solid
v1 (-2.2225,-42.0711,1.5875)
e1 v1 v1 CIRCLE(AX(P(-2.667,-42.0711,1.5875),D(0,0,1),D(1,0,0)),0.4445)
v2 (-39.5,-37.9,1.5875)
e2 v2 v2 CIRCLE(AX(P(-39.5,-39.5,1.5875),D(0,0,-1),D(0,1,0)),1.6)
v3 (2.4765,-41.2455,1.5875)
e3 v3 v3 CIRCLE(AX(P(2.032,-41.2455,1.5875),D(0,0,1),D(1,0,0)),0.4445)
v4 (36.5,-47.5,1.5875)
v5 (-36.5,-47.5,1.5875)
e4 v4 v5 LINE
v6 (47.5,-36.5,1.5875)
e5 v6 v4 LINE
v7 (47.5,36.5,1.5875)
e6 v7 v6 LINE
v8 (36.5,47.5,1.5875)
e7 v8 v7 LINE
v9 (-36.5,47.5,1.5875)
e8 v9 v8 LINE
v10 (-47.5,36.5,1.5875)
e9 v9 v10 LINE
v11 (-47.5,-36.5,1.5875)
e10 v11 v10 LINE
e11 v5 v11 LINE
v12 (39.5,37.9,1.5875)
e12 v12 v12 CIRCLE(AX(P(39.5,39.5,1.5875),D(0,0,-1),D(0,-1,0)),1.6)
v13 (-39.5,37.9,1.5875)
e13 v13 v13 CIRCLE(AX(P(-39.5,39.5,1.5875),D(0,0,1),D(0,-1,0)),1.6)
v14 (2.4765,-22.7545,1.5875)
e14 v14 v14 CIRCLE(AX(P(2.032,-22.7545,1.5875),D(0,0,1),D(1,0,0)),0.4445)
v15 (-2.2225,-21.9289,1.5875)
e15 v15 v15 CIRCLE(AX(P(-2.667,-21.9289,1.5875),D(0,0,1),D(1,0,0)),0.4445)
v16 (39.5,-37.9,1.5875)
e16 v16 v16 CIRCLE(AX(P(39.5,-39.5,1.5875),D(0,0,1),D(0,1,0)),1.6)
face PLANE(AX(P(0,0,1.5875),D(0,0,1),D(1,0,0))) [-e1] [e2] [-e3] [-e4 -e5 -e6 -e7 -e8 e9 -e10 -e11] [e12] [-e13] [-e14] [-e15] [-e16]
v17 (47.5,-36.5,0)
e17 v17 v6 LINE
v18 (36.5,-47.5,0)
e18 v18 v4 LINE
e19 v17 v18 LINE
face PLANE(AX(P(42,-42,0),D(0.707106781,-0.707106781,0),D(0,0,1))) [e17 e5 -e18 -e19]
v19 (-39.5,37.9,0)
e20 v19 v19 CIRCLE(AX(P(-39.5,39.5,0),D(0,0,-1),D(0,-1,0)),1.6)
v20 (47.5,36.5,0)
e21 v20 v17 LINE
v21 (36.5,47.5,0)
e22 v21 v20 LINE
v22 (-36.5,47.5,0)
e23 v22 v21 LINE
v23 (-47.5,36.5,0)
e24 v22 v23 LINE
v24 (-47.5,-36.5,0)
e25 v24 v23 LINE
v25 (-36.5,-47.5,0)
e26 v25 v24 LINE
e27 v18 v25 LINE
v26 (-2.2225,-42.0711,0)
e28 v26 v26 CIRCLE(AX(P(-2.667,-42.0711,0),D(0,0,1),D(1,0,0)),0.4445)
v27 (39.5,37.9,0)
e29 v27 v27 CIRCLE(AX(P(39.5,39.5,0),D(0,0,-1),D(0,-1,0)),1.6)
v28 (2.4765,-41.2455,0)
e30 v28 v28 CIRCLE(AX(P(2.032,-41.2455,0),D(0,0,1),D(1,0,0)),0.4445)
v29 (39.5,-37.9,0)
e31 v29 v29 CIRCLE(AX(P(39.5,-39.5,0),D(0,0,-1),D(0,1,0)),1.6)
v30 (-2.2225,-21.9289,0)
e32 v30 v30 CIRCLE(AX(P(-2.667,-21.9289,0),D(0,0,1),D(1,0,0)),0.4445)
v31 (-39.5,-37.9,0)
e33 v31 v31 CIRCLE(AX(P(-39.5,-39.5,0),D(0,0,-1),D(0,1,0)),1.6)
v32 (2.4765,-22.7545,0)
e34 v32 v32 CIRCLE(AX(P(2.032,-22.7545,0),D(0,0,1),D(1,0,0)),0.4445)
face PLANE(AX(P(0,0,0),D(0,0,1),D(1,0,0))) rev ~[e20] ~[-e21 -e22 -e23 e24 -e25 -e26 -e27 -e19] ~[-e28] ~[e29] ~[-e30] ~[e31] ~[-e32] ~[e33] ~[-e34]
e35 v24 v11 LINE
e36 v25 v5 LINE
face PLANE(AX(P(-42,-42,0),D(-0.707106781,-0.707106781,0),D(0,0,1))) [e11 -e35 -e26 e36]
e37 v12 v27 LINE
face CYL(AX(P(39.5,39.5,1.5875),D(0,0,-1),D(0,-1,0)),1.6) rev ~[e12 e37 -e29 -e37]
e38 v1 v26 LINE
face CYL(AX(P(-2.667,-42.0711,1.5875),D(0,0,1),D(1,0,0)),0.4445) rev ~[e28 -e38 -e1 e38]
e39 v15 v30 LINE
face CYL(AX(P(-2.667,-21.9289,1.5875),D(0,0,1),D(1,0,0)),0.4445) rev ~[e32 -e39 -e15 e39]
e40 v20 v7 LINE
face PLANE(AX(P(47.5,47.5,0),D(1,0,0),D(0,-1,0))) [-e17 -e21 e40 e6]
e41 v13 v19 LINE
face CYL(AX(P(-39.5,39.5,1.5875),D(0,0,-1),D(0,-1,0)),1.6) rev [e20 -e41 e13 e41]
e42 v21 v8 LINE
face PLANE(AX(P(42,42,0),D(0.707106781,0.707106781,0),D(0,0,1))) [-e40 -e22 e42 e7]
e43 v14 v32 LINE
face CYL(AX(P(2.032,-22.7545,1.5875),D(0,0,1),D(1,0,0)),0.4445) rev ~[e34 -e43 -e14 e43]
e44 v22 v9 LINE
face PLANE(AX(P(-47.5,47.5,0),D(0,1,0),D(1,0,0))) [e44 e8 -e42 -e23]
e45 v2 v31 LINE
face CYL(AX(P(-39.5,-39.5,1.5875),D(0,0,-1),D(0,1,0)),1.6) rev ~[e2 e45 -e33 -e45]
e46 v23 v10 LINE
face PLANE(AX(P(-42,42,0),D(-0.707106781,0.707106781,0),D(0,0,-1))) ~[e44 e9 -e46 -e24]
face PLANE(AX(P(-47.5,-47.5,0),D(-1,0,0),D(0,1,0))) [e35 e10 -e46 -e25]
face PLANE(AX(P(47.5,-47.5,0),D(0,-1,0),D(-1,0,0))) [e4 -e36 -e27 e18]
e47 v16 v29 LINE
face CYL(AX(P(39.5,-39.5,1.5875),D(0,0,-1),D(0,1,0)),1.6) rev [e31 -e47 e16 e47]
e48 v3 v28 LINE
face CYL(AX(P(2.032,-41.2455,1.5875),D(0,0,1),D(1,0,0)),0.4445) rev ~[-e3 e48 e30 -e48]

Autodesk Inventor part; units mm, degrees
sketch "AL_spacer_contact_Zminus" plane through (0, 0, 0) normal (0, 0, 1) x (1, 0, 0)
  circle A0 centre (39.5, 39.5) radius 3.175
  circle A1 centre (39.5, -39.5) radius 3.175
  circle A2 centre (-39.5, -39.5) radius 3.175
  circle A3 centre (-39.5, 39.5) radius 3.175
  point P0 (0, 0)
  dimension "d228" = 39.5
  dimension "d229" = 39.5
  dimension "d230" = 39.5
  dimension "d231" = 39.5
  dimension "d232" = 39.5
  dimension "d233" = 39.5
  dimension "d234" = 39.5
  dimension "d235" = 39.5
  dimension "d236" = 6.35
sketch "Delrin_stayout_Zminus" plane through (0, 0, 0) normal (0, 0, 1) x (1, 0, 0)
  line L0 (47.5, 39.5) -> (47.5, 31)
  line L1 (47.5, 31) -> (39.5, 31)
  line L2 (39.5, 31) -> (31, 39.5)
  line L3 (31, 39.5) -> (31, 47.5)
  line L4 (31, 47.5) -> (39.5, 47.5)
  line L5 (39.5, 47.5) -> (47.5, 39.5)
  line L6 (-39.5, 47.5) -> (-47.5, 39.5)
  line L7 (-47.5, 39.5) -> (-47.5, 31)
  line L8 (-47.5, 31) -> (-39.5, 31)
  line L9 (-39.5, 31) -> (-31, 39.5)
  line L10 (-31, 39.5) -> (-31, 47.5)
  line L11 (-31, 47.5) -> (-39.5, 47.5)
  line L12 (47.5, -39.5) -> (39.5, -47.5)
  line L13 (39.5, -47.5) -> (31, -47.5)
  line L14 (31, -47.5) -> (31, -39.5)
  line L15 (31, -39.5) -> (39.5, -31)
  line L16 (39.5, -31) -> (47.5, -31)
  line L17 (47.5, -31) -> (47.5, -39.5)
  line L18 (-39.5, -47.5) -> (-47.5, -39.5)
  line L19 (-47.5, -39.5) -> (-47.5, -31)
  line L20 (-47.5, -31) -> (-39.5, -31)
  line L21 (-39.5, -31) -> (-31, -39.5)
  line L22 (-31, -39.5) -> (-31, -47.5)
  line L23 (-31, -47.5) -> (-39.5, -47.5)
  point P0 (0, 0)
  dimension "d243" = 16.5
  dimension "d244" = 8
  dimension "d245" = 8.5
  dimension "d246" = 16.5
  dimension "d247" = 47.5
  dimension "d248" = 47.5
  dimension "d249" = 47.5
  dimension "d250" = 47.5
  dimension "d251" = 47.5
  dimension "d252" = 47.5
  dimension "d253" = 47.5
  dimension "d254" = 47.5
sketch "Nub_stayout_Zminus" plane through (0, 0, 0) normal (0, 0, 1) x (1, 0, 0)
  line L0 (29, 47.5) -> (39.5, 47.5)
  line L1 (39.5, 47.5) -> (47.5, 39.5)
  line L2 (47.5, 39.5) -> (47.5, 29)
  line L3 (47.5, 29) -> (42, 29)
  line L4 (42, 29) -> (42, 40.4125)
  line L5 (40.4125, 42) -> (29, 42)
  line L6 (29, 42) -> (29, 47.5)
  arc A0 (42, 40.4125) -> (40.4125, 42) centre (40.4125, 40.4125) ccw
  line L7 (-29, 47.5) -> (-39.5, 47.5)
  line L8 (-39.5, 47.5) -> (-47.5, 39.5)
  line L9 (-47.5, 39.5) -> (-47.5, 29)
  line L10 (-47.5, 29) -> (-42, 29)
  line L11 (-42, 29) -> (-42, 40.4125)
  line L12 (-40.4125, 42) -> (-29, 42)
  line L13 (-29, 42) -> (-29, 47.5)
  arc A1 (-40.4125, 42) -> (-42, 40.4125) centre (-40.4125, 40.4125) ccw
  line L14 (-47.5, -29) -> (-42, -29)
  line L15 (-42, -29) -> (-42, -40.4125)
  line L16 (-40.4125, -42) -> (-29, -42)
  line L17 (-29, -42) -> (-29, -47.5)
  line L18 (-29, -47.5) -> (-39.5, -47.5)
  line L19 (-39.5, -47.5) -> (-47.5, -39.5)
  line L20 (-47.5, -39.5) -> (-47.5, -29)
  arc A2 (-42, -40.4125) -> (-40.4125, -42) centre (-40.4125, -40.4125) ccw
  line L21 (47.5, -29) -> (42, -29)
  line L22 (42, -29) -> (42, -40.4125)
  line L23 (40.4125, -42) -> (29, -42)
  line L24 (29, -42) -> (29, -47.5)
  line L25 (29, -47.5) -> (39.5, -47.5)
  line L26 (39.5, -47.5) -> (47.5, -39.5)
  line L27 (47.5, -39.5) -> (47.5, -29)
  arc A3 (40.4125, -42) -> (42, -40.4125) centre (40.4125, -40.4125) ccw
  point P0 (0, 0)
  dimension "d255" = 1.5875
  dimension "d256" = 18.5
  dimension "d257" = 8
  dimension "d258" = 5.5
  dimension "d259" = 47.5
  dimension "d260" = 47.5
  dimension "d264" = 1.5875
  dimension "d265" = 47.5
  dimension "d266" = 47.5
  dimension "d267" = 1.5875
  dimension "d268" = 47.5
  dimension "d269" = 47.5
  dimension "d270" = 1.5875
  dimension "d271" = 47.5
  dimension "d272" = 47.5
ref_plane "Zplus_face" through (0, 0, 1.5875) normal (0, 0, 1) x (1, 0, 0)
sketch "AL_spacer_contact_Zplus" plane through (0, 0, 1.5875) normal (0, 0, 1) x (1, 0, 0)
  circle A0 centre (-39.5, 39.5) radius 3.175
  circle A1 centre (-39.5, -39.5) radius 3.175
  circle A2 centre (39.5, -39.5) radius 3.175
  circle A3 centre (39.5, 39.5) radius 3.175
  point P0 (0, 0)
  dimension "d129" = 39.5
  dimension "d130" = 39.5
  dimension "d131" = 39.5
  dimension "d132" = 39.5
  dimension "d133" = 6.35
sketch "Delrin_stayout_Zplus" plane through (0, 0, 1.5875) normal (0, 0, 1) x (1, 0, 0)
  line L0 (47.5, -31) -> (47.5, -39.5)
  line L1 (47.5, -39.5) -> (39.5, -47.5)
  line L2 (39.5, -47.5) -> (31, -47.5)
  line L3 (31, -47.5) -> (31, -39.5)
  line L4 (31, -39.5) -> (39.5, -31)
  line L5 (39.5, -31) -> (47.5, -31)
  line L6 (47.5, 31) -> (47.5, 39.5)
  line L7 (47.5, 39.5) -> (39.5, 47.5)
  line L8 (39.5, 47.5) -> (31, 47.5)
  line L9 (31, 47.5) -> (31, 39.5)
  line L10 (31, 39.5) -> (39.5, 31)
  line L11 (39.5, 31) -> (47.5, 31)
  line L12 (-39.5, 47.5) -> (-47.5, 39.5)
  line L13 (-47.5, 39.5) -> (-47.5, 31)
  line L14 (-47.5, 31) -> (-39.5, 31)
  line L15 (-39.5, 31) -> (-31, 39.5)
  line L16 (-31, 39.5) -> (-31, 47.5)
  line L17 (-31, 47.5) -> (-39.5, 47.5)
  line L18 (-47.5, -39.5) -> (-39.5, -47.5)
  line L19 (-39.5, -47.5) -> (-31, -47.5)
  line L20 (-31, -47.5) -> (-31, -39.5)
  line L21 (-31, -39.5) -> (-39.5, -31)
  line L22 (-39.5, -31) -> (-47.5, -31)
  line L23 (-47.5, -31) -> (-47.5, -39.5)
  point P0 (0, 0)
  dimension "d115" = 16.5
  dimension "d116" = 16.5
  dimension "d117" = 8
  dimension "d118" = 8.5
  dimension "d121" = 47.5
  dimension "d122" = 47.5
  dimension "d123" = 47.5
  dimension "d124" = 47.5
  dimension "d125" = 47.5
  dimension "d126" = 47.5
  dimension "d127" = 47.5
  dimension "d128" = 47.5
sketch "Nub_stayout_Zplus" plane through (0, 0, 1.5875) normal (0, 0, 1) x (1, 0, 0)
  line L0 (47.5, 29) -> (42, 29)
  line L1 (42, 29) -> (42, 40.4125)
  line L2 (40.4125, 42) -> (29, 42)
  line L3 (29, 42) -> (29, 47.5)
  arc A0 (42, 40.4125) -> (40.4125, 42) centre (40.4125, 40.4125) ccw
  line L4 (29, 47.5) -> (39.5, 47.5)
  line L5 (39.5, 47.5) -> (47.5, 39.5)
  line L6 (47.5, 39.5) -> (47.5, 29)
  line L7 (-39.5, 47.5) -> (-29, 47.5)
  line L8 (-29, 47.5) -> (-29, 42)
  line L9 (-29, 42) -> (-40.4125, 42)
  line L10 (-42, 40.4125) -> (-42, 29)
  line L11 (-42, 29) -> (-47.5, 29)
  line L12 (-47.5, 29) -> (-47.5, 39.5)
  line L13 (-47.5, 39.5) -> (-39.5, 47.5)
  arc A1 (-40.4125, 42) -> (-42, 40.4125) centre (-40.4125, 40.4125) ccw
  line L14 (-47.5, -29) -> (-47.5, -39.5)
  line L15 (-47.5, -39.5) -> (-39.5, -47.5)
  line L16 (-39.5, -47.5) -> (-29, -47.5)
  line L17 (-29, -47.5) -> (-29, -42)
  line L18 (-29, -42) -> (-40.4125, -42)
  line L19 (-42, -40.4125) -> (-42, -29)
  line L20 (-42, -29) -> (-47.5, -29)
  arc A2 (-42, -40.4125) -> (-40.4125, -42) centre (-40.4125, -40.4125) ccw
  line L21 (29, -47.5) -> (39.5, -47.5)
  line L22 (39.5, -47.5) -> (47.5, -39.5)
  line L23 (47.5, -39.5) -> (47.5, -29)
  line L24 (47.5, -29) -> (42, -29)
  line L25 (42, -29) -> (42, -40.4125)
  line L26 (40.4125, -42) -> (29, -42)
  line L27 (29, -42) -> (29, -47.5)
  arc A3 (40.4125, -42) -> (42, -40.4125) centre (40.4125, -40.4125) ccw
  point P0 (0, 0)
  dimension "d116" = 16.5
  dimension "d146" = 1.5875
  dimension "d147" = 5.5
  dimension "d149" = 18.5
  dimension "d150" = 8
  dimension "d151" = 47.5
  dimension "d152" = 47.5
  dimension "d153" = 1.5875
  dimension "d154" = 47.5
  dimension "d155" = 47.5
  dimension "d156" = 1.5875
  dimension "d157" = 47.5
  dimension "d158" = 47.5
  dimension "d159" = 1.5875
  dimension "d160" = 47.5
  dimension "d161" = 47.5
sketch "Sketch1" plane through (0, 0, 0) normal (0, 0, 1) x (1, 0, 0)
  line L0 (-47.5, 47.5) -> (47.5, 47.5)
  line L1 (47.5, 47.5) -> (47.5, -47.5)
  line L2 (47.5, -47.5) -> (-47.5, -47.5)
  line L3 (-47.5, -47.5) -> (-47.5, 47.5)
  point P0 (0, 0)
  dimension "d0" = 95
  dimension "d1" = 95
  dimension "d2" = 47.5
  dimension "d3" = 47.5
extrude "Extrusion1" add sketch "Sketch1" along normal blind 1.5875
chamfer "Chamfer2" distance 11 angle 45 4 edges at (-47.5, -47.5, 0.7937) (47.5, -47.5, 0.7937) (47.5, 47.5, 0.7937) (-47.5, 47.5, 0.7937)
ref_plane "Work Plane_ConnX" through (-32, 0, 0) normal (1, 0, 0) x (0, 1, 0)
ref_plane "Work Plane_ConnY" through (0, 0, 0) normal (0, 1, 0) x (-1, 0, 0)
sketch "Sketch9" plane through (0, 0, 1.5875) normal (0, 0, 1) x (1, 0, 0)
  line L0 (47.5, 47.5) -> (47.5, -47.5) projected
  line L1 (58.5598, -32) -> (-58.5598, -32)
  circle A0 centre (-2.667, -21.9289) radius 0.4445
  circle A1 centre (-2.667, -42.0711) radius 0.4445
  line L2 (0, 26.5598) -> (0, -90.5598) construction
  point P0 (0, 0)
  point P1 (0, -32)
  dimension "d134" = 20.1422
  dimension "d136" = 2.667
  dimension "d138" = 0.889
  dimension "d141" = 180
  dimension "d350" = 32
  dimension "d351" = 0
extrude "Holes_Conn_Zminus" cut sketch "Sketch9" against normal through all
sketch "Sketch22" plane through (0, 0, 1.5875) normal (0, 0, 1) x (1, 0, 0)
  line L0 (47.5, 36.5) -> (47.5, -36.5) projected
  line L1 (0, -1.0026) -> (0, -62.9974) construction
  line L2 (62.8115, -32) -> (-62.8115, -32)
  circle A0 centre (2.032, -22.7545) radius 0.4445
  circle A1 centre (2.032, -41.2455) radius 0.4445
  point P0 (0, 0)
  point P1 (0, -32)
  dimension "d282" = 180
  dimension "d283" = 18.491
  dimension "d284" = 0.889
  dimension "d285" = 2.032
  dimension "d352" = 32
  dimension "d353" = 0
extrude "Holes_Conn_Zplus" cut sketch "Sketch22" against normal through all
hole "Hole5" at (39.5, 39.5, 1.5875) direction (0, 0, -1) diameter 3.2 end through all
mirror "Mirror5" about plane through (0, 0, 0) normal (1, 0, 0) of "Hole5"
mirror "Mirror6" about plane through (0, 0, 0) normal (0, 1, 0) of "Hole5", "Mirror5"
sketch "Sketch25" plane through (0, 0, 1.5875) normal (0, 0, 1) x (1, 0, 0)
  circle A0 centre (-39.5, -39.5) radius 1.6 projected
  circle A1 centre (39.5, -39.5) radius 1.6 projected
  circle A2 centre (-39.5, 39.5) radius 1.6 projected
  circle A3 centre (39.5, 39.5) radius 1.6 projected
  line L0 (36.5, -47.5) -> (-36.5, -47.5) projected
  line L1 (0, 0) -> (0, -59.2198)
  line L2 (8, -47.5) -> (8, -15.5)
  line L3 (8, -15.5) -> (-8, -15.5)
  line L4 (-8, -15.5) -> (-8, -47.5)
  line L5 (-8, -47.5) -> (-62.7516, -61.7336)
  line L6 (-62.7516, -61.7336) -> (-64.2933, 68.2222)
  line L7 (-64.2933, 68.2222) -> (58.3572, 62.5728)
  line L8 (58.3572, 62.5728) -> (56.5848, -69.017)
  line L9 (56.5848, -69.017) -> (8, -47.5)
  dimension "d362" = 16
  dimension "d363" = 32
extrude "Extrusion9" [suppressed]
sketch "Sketch26" plane through (0, 0, 1.5875) normal (0, 0, 1) x (1, 0, 0)
  line L0 (-47.5, -36.5) -> (-47.5, 36.5) projected
  line L1 (36.5, -47.5) -> (-36.5, -47.5) projected
  line L2 (47.5, 36.5) -> (47.5, -36.5) projected
  line L3 (-36.5, 47.5) -> (36.5, 47.5) projected
  line L4 (-47.4469, 47.553) -> (47.5, 47.5) construction
  line L5 (47.5, 47.5) -> (47.4469, -47.553) construction
  line L6 (47.4469, -47.553) -> (-47.5, -47.5) construction
  line L7 (-47.5, -47.5) -> (-47.4469, 47.553) construction
  point P0 (0, 0)
decal "Decal1"
sketch "Sketch27" plane through (0, 0, 0) normal (0, 0, -1) x (-1, 0, 0)
  line L0 (-47.5, 36.5) -> (-47.5, -36.5) projected
  line L1 (-36.5, -47.5) -> (36.5, -47.5) projected
  line L2 (47.5, -36.5) -> (47.5, 36.5) projected
  line L3 (-47.5, 47.5) -> (47.5, 47.5) construction
  line L4 (47.5, 47.5) -> (47.5, -47.5) construction
  line L5 (47.5, -47.5) -> (-47.5, -47.5) construction
  line L6 (-47.5, -47.5) -> (-47.5, 47.5) construction
  point P0 (0, 0)
decal "Decal2"
properties part number "PCB_VUC" material "FR4"
